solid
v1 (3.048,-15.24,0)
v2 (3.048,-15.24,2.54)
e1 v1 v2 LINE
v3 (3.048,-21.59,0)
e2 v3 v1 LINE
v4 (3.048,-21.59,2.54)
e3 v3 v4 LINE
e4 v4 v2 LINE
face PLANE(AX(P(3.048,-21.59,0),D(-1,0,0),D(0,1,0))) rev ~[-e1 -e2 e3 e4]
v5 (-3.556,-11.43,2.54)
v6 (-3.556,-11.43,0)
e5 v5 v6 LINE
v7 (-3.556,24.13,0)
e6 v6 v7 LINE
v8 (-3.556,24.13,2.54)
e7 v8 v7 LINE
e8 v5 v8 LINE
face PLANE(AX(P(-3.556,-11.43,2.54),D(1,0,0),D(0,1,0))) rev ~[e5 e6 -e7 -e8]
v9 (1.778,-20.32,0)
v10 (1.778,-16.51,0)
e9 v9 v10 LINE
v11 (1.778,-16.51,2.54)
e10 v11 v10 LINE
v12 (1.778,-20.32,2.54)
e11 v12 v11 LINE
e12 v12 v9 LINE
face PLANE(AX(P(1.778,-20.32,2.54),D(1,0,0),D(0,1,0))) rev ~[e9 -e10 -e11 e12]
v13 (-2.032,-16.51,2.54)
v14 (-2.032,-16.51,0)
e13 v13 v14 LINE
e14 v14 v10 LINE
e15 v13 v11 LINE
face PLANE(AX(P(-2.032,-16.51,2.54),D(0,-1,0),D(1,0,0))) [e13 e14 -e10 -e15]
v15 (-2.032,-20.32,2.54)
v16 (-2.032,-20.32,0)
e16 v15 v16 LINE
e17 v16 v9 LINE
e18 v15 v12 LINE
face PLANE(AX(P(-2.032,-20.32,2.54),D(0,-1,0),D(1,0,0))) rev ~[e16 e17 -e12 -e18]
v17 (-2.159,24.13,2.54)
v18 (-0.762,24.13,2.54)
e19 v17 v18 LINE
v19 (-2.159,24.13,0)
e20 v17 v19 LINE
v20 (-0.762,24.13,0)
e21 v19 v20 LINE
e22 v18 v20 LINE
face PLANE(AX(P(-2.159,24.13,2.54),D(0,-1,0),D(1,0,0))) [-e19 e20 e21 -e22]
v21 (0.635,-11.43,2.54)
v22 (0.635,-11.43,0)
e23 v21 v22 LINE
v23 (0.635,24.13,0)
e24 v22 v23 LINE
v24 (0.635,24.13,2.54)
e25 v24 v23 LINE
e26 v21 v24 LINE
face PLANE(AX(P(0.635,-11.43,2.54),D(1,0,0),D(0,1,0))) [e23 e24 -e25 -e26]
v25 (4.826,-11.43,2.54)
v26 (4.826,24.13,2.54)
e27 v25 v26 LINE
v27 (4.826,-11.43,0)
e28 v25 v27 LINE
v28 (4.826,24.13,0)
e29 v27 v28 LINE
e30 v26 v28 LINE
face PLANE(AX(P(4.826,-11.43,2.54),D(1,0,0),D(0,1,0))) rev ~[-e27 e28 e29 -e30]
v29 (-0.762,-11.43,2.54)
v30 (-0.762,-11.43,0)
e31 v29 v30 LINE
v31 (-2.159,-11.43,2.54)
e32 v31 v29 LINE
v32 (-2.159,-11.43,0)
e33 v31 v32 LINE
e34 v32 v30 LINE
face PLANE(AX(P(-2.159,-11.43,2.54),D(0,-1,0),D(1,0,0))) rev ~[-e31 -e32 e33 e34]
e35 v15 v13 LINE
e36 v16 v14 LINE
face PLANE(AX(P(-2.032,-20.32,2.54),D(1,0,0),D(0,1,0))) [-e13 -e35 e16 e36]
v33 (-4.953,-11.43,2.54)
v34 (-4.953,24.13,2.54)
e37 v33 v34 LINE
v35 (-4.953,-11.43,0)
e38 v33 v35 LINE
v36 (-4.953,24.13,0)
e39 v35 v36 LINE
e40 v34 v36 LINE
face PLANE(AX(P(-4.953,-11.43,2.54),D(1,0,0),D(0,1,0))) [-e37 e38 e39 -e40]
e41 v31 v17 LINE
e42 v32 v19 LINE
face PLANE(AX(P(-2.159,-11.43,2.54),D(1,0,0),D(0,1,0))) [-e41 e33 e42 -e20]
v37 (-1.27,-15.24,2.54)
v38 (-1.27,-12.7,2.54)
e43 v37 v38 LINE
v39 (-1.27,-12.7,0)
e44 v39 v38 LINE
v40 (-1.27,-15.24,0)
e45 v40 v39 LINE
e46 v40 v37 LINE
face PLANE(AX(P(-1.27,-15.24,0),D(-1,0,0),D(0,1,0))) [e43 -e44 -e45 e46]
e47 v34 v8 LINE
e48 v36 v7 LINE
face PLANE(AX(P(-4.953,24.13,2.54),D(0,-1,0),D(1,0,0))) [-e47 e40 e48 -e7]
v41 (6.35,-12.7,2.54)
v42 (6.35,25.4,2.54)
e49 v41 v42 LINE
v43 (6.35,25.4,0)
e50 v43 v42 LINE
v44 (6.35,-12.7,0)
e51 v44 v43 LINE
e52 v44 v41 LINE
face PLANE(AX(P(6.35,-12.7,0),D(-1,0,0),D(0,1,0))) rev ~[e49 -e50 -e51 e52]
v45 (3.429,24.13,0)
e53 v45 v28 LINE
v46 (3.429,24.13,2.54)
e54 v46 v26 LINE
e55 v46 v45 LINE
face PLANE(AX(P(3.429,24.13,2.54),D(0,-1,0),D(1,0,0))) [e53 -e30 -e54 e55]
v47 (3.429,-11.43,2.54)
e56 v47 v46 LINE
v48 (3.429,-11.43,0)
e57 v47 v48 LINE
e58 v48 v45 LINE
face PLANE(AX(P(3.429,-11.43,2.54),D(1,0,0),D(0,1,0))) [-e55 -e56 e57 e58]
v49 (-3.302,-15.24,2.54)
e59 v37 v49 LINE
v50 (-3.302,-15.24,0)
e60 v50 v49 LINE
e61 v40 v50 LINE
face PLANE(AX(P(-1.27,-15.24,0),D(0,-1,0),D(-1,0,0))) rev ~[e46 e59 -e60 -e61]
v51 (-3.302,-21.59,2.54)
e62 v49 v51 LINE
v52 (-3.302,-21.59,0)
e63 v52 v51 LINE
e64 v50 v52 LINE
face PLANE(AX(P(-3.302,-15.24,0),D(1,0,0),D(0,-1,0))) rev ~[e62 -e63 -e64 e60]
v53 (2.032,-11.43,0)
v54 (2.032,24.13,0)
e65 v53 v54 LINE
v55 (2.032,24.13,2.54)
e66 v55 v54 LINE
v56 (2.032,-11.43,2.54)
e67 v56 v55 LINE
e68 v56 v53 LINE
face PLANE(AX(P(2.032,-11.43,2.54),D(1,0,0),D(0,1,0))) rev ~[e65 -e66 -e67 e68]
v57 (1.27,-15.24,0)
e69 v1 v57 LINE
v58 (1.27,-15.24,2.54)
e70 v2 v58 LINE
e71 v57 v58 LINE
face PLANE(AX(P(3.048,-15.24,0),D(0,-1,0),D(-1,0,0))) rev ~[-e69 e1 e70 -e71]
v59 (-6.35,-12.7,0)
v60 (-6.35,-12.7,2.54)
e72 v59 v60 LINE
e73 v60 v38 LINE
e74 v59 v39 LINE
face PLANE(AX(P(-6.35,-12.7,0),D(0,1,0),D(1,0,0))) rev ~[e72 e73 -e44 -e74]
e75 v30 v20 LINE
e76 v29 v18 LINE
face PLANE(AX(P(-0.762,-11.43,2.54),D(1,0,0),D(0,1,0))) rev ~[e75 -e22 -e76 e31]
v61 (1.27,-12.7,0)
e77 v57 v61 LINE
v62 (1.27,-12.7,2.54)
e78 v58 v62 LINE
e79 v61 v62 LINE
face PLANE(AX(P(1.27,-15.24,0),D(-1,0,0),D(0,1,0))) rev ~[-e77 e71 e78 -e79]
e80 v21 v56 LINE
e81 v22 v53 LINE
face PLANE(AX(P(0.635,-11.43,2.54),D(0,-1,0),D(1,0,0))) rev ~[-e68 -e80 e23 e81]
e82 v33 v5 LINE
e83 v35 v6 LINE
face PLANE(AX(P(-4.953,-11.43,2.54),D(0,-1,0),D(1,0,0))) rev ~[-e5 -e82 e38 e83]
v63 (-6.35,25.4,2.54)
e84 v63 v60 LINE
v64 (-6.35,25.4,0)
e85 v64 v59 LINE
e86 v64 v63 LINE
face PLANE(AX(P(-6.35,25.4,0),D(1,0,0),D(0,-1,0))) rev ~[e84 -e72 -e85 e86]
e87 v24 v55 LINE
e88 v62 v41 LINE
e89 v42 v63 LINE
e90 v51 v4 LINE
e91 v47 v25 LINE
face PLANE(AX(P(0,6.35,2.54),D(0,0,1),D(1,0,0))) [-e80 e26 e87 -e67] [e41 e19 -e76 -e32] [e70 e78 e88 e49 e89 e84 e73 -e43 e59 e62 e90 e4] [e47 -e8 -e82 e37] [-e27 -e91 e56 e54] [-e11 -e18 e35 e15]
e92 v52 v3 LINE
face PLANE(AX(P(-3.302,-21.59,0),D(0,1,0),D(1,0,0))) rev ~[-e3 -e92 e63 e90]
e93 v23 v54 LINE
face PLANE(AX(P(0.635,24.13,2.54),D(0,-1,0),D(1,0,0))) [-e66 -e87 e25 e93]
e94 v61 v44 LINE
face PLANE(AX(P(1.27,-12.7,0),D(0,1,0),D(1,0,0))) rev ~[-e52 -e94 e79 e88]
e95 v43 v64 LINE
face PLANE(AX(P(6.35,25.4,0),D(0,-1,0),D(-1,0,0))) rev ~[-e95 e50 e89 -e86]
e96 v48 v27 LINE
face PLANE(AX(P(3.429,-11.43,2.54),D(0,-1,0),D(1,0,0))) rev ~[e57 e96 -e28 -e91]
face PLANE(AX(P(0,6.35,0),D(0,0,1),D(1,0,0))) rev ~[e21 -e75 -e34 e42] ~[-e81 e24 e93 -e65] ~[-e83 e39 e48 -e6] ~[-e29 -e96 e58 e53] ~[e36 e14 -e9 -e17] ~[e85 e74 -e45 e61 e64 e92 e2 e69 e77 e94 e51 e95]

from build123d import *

# Parameters (mm, degrees)
F0_W     = 2.54
F0_H     = 2.54
F1_DEPTH = 2.54
F2_W     = 1.397
F2_H     = 35.56
F3_DEPTH = 2.541
F4_W     = 3.81
F4_H     = 3.81
F5_DEPTH = 2.541


with BuildPart() as f1:
    # F0 (on Top) → F1 (new body)
    with BuildSketch(Plane.XY):
        Polygon((6.35, 25.4), (-6.35, 25.4), (-6.35, -12.7), (-1.27, -12.7), (1.27, -12.7), (6.35, -12.7), align=None)
        with Locations((0, -13.97)):
            Rectangle(F0_W, F0_H)
        Polygon((1.27, -15.24), (-1.27, -15.24), (-3.302, -15.24), (-3.302, -21.59), (3.048, -21.59), (3.048, -15.24), align=None)
    extrude(amount=F1_DEPTH)

    # F2 (on face) → F3 (cut, through all)
    with BuildSketch(Plane.XY.offset(2.54)):
        with Locations((-4.2545, 6.35)):
            Rectangle(F2_W, F2_H)
        with Locations((-1.4605, 6.35)):
            Rectangle(F2_W, F2_H)
        with Locations((1.3335, 6.35)):
            Rectangle(F2_W, F2_H)
        with Locations((4.1275, 6.35)):
            Rectangle(F2_W, F2_H)
    extrude(amount=-F3_DEPTH, mode=Mode.SUBTRACT)

    # F4 (on face) → F5 (cut, through all)
    with BuildSketch(Plane.XY.offset(2.54)):
        with Locations((-0.127, -18.415)):
            Rectangle(F4_W, F4_H)
    extrude(amount=-F5_DEPTH, mode=Mode.SUBTRACT)


solid = f1.part
